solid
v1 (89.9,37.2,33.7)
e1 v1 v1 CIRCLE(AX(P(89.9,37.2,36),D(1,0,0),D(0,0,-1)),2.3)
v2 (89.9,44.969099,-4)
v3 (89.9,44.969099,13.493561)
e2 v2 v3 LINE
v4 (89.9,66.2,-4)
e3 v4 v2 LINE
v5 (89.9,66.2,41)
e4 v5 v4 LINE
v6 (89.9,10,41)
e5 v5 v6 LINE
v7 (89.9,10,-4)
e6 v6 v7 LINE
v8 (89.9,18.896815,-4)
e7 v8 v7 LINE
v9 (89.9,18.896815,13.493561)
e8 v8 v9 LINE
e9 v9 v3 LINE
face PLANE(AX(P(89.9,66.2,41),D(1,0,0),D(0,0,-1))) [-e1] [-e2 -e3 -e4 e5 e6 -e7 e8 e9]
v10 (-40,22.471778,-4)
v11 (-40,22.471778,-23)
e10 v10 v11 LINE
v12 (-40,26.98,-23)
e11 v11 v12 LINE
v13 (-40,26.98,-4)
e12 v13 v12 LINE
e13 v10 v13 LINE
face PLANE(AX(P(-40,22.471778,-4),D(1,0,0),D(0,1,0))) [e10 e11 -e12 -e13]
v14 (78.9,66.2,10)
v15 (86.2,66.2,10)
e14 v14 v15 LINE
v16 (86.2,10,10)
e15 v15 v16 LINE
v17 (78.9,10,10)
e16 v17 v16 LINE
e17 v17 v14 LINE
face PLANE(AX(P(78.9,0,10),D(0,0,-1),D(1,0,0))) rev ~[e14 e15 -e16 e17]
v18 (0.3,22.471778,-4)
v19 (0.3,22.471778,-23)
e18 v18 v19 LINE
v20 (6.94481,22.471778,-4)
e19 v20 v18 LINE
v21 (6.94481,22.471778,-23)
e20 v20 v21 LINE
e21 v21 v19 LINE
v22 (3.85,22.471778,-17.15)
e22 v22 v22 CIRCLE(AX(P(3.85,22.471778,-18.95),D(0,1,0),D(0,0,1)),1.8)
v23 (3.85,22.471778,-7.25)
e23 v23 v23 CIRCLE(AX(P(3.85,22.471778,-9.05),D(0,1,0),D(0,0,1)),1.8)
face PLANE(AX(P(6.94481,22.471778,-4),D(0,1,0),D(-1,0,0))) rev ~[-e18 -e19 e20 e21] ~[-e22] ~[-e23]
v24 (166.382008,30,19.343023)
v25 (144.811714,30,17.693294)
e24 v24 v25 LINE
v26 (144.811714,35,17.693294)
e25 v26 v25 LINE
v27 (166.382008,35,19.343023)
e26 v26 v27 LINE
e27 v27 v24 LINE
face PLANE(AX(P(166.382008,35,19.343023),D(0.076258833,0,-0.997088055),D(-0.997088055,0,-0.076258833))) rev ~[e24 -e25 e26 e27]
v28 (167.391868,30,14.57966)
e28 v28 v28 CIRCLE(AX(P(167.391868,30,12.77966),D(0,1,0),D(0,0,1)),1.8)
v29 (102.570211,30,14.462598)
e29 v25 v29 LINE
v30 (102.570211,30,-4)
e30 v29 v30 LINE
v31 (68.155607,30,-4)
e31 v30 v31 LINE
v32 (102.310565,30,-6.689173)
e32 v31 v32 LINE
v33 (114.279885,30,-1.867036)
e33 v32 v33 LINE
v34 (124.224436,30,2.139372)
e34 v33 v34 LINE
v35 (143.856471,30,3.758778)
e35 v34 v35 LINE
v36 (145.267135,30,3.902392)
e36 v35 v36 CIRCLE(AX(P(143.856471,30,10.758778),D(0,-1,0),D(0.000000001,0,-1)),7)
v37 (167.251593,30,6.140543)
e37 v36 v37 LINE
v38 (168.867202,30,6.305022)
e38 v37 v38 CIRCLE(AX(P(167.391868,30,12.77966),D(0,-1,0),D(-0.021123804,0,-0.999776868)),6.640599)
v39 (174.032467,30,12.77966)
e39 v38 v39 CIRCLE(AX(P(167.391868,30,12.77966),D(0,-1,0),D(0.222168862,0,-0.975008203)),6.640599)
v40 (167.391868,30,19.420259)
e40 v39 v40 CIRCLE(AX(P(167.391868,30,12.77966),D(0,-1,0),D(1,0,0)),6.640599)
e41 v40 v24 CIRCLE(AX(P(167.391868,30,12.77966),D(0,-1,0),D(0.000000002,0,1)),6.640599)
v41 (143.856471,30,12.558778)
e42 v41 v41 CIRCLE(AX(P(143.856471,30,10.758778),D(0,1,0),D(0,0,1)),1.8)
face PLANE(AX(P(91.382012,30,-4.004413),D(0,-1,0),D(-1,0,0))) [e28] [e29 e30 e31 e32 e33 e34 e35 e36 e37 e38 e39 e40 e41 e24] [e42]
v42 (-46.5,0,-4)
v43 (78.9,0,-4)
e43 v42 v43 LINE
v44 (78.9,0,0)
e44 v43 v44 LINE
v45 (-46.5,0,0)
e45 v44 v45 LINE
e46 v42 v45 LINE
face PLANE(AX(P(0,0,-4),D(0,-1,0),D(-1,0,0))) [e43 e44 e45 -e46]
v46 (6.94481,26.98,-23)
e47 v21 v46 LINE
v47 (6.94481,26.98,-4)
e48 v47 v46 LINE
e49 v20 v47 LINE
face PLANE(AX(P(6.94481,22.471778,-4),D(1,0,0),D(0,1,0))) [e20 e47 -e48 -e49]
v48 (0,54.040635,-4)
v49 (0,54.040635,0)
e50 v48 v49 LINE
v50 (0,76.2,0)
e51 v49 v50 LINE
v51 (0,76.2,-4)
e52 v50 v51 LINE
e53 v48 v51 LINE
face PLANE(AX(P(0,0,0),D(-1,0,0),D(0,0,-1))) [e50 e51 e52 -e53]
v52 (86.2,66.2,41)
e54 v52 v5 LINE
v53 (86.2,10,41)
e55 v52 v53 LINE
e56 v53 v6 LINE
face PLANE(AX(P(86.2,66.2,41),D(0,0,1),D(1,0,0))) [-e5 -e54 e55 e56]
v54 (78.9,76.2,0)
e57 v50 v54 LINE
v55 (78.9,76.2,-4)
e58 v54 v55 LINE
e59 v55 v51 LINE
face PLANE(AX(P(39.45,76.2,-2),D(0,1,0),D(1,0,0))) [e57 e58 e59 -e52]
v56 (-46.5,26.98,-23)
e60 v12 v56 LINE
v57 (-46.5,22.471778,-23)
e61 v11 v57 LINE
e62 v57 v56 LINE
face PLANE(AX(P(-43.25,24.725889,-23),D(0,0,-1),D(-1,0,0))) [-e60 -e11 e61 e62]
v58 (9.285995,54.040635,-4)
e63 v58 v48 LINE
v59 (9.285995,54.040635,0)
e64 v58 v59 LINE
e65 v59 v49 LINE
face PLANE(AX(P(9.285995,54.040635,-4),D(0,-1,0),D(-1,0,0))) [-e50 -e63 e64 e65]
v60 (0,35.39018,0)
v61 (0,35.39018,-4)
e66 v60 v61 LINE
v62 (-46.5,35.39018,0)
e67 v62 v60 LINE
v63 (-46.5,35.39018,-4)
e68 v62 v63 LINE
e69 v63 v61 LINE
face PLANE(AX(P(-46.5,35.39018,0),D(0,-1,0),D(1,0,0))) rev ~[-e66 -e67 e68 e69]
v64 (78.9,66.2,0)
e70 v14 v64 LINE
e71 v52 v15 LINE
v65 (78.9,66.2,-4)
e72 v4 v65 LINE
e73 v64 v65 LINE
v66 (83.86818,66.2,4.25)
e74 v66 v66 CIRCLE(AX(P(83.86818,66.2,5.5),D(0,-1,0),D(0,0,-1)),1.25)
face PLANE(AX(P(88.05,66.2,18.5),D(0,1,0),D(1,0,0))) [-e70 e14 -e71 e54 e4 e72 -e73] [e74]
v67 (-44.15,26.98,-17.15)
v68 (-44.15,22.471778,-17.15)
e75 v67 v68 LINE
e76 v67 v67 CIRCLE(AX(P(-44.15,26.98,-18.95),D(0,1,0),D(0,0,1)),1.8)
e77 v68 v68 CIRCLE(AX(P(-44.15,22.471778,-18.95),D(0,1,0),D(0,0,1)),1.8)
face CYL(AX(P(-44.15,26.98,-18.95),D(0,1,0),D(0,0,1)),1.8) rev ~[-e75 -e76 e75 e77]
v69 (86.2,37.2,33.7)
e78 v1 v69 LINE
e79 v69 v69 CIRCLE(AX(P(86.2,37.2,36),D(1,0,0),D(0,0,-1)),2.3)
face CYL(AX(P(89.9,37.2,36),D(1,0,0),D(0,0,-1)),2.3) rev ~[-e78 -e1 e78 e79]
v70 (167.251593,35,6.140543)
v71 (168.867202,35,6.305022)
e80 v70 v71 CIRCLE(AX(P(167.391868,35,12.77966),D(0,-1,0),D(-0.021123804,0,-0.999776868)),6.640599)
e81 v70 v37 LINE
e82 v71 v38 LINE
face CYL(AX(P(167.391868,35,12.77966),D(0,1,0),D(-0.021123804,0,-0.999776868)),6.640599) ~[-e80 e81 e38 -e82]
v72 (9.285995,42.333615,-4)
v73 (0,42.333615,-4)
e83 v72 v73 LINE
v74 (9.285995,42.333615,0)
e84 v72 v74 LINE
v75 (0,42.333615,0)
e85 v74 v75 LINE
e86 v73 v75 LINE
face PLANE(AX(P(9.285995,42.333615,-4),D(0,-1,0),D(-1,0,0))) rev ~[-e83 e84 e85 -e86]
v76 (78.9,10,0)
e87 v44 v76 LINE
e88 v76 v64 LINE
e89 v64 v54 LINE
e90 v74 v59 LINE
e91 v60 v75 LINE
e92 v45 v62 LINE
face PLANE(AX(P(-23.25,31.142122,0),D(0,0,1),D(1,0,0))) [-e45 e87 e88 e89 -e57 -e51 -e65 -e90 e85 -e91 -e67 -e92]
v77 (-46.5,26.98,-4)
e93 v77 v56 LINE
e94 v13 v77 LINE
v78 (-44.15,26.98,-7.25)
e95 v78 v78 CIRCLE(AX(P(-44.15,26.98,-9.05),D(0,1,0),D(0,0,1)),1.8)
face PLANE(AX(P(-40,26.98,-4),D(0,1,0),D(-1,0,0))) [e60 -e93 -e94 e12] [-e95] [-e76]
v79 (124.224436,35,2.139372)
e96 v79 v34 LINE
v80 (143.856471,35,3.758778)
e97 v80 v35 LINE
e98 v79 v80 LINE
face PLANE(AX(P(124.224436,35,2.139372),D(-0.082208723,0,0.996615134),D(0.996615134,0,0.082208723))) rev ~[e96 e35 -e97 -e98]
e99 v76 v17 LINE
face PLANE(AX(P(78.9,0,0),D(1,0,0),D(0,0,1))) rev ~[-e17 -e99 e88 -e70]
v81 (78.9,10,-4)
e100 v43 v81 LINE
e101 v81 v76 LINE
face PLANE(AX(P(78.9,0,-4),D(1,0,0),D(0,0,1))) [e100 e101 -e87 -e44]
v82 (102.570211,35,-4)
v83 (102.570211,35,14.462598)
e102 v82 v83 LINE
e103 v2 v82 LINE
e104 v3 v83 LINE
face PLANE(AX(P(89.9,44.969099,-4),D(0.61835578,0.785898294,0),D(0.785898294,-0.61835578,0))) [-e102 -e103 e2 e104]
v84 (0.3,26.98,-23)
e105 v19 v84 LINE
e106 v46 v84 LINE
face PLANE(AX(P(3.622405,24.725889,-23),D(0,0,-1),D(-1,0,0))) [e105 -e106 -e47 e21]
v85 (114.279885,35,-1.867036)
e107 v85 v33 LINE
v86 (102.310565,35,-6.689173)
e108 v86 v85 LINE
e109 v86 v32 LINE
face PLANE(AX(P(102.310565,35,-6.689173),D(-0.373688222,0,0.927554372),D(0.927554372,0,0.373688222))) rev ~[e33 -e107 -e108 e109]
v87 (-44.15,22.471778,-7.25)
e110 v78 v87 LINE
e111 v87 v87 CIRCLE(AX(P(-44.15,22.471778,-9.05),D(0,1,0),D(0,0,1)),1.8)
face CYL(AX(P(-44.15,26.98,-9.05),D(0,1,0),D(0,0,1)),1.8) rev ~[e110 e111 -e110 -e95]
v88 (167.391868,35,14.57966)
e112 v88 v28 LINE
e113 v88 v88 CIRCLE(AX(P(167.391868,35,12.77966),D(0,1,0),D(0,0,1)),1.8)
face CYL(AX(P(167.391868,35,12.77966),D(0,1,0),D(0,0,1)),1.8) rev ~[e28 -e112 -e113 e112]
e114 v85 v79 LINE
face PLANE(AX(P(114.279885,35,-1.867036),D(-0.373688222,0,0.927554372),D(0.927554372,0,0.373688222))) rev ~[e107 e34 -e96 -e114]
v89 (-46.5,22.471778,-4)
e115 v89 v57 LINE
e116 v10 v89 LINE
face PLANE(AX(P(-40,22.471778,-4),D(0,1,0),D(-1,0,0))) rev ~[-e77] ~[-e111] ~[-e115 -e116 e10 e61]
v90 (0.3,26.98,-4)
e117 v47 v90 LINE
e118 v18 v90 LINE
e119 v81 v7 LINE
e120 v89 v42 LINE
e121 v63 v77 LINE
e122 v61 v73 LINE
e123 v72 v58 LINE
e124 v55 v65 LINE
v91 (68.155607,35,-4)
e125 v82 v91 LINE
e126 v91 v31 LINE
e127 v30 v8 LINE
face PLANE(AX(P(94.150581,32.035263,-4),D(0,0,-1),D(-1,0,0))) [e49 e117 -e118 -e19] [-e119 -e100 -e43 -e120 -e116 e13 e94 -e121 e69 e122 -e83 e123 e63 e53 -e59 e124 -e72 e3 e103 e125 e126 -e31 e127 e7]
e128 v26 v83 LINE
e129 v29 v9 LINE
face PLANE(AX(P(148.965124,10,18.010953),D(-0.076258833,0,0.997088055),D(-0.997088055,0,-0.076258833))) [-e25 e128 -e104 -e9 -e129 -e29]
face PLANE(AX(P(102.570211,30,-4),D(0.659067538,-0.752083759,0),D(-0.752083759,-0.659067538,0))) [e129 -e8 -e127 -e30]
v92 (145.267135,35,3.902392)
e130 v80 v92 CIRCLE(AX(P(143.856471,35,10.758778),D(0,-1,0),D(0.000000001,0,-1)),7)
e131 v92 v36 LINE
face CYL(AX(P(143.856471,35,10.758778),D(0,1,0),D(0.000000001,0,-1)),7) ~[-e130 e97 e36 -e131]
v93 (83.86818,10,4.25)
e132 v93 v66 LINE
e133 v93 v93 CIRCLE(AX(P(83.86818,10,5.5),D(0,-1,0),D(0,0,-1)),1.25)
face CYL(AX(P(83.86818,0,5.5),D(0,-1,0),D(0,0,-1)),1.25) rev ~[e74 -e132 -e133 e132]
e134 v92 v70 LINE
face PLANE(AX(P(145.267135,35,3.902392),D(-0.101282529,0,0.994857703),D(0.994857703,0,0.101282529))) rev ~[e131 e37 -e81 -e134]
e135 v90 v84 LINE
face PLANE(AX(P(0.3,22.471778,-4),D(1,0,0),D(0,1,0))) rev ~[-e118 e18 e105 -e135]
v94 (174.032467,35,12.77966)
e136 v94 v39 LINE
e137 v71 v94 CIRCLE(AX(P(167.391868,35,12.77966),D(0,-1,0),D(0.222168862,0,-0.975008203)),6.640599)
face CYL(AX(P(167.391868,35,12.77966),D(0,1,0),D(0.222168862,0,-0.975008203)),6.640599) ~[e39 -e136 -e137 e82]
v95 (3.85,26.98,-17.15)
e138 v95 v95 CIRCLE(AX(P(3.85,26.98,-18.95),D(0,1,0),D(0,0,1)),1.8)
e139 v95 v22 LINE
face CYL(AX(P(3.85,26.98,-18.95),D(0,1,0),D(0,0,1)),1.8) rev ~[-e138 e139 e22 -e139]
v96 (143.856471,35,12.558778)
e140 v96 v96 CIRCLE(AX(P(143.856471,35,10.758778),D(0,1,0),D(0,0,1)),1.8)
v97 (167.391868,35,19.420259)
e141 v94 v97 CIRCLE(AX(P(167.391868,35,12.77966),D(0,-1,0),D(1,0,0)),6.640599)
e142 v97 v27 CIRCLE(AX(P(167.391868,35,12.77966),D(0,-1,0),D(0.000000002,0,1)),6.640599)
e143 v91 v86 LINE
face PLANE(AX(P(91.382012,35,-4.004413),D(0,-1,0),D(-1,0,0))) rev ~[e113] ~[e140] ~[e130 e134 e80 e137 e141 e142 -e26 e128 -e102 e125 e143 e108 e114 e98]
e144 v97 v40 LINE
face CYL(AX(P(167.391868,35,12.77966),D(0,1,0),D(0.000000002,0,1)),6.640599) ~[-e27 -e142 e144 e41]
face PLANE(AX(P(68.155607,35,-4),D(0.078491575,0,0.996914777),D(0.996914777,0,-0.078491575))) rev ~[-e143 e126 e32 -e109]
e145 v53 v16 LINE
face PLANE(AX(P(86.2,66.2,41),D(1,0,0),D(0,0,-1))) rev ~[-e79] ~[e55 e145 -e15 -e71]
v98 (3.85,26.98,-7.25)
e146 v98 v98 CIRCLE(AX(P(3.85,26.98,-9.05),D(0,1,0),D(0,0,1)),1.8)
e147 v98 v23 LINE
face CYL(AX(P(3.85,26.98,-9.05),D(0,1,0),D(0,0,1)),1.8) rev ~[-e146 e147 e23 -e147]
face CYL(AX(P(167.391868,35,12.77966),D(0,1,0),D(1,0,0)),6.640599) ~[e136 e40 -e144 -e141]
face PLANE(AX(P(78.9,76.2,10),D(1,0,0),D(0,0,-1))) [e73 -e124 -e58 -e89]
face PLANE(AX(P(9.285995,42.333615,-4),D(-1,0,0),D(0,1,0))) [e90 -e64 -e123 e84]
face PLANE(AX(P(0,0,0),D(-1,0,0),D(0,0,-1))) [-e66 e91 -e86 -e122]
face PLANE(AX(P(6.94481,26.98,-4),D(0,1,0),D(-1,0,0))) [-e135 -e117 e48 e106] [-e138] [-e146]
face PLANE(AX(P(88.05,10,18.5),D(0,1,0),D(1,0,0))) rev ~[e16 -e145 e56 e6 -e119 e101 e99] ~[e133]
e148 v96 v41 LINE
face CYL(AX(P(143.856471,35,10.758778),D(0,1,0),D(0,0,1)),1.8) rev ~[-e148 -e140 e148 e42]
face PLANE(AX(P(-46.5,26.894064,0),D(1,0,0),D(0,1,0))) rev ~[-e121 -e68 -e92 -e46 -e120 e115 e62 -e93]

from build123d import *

# Parameters (mm, degrees)
SKETCH1_W                = 78.9
SKETCH1_H                = 4
BOSS_EXTRUDE1_DEPTH      = 76.2
SKETCH2_W                = 46.5
SKETCH2_H                = 26.89406393
BOSS_EXTRUDE2_DEPTH      = 4
SKETCH5_W                = 9.285994966
SKETCH5_H                = 11.707020407
CUT_EXTRUDE2_DEPTH       = 5
SKETCH6_R                = 1.25
CUT_EXTRUDE3_DEPTH       = 85
SKETCH7_W                = 10
SKETCH7_H                = 14
CUT_EXTRUDE4_DEPTH       = 10
SKETCH8_W                = 10
SKETCH8_H                = 14
CUT_EXTRUDE5_DEPTH       = 10
SKETCH9_W                = 3.7
SKETCH9_H                = 45
BOSS_EXTRUDE4_DEPTH      = 56.2
SKETCH10_W               = 46.5
SKETCH10_H               = 8.496116432
BOSS_EXTRUDE5_DEPTH      = 4
SKETCH11_W               = 6.644809846
SKETCH11_H               = 4.508222244
SKETCH11_W_2             = 6.5
BOSS_EXTRUDE6_DEPTH      = 19
SKETCH12_R               = 1.8
CUT_EXTRUDE6_DEPTH       = 19
SKETCH14_R               = 2.3
CUT_EXTRUDE7_DEPTH       = 10
BOSS_EXTRUDE7_DEPTH      = 5
SKETCH16_R               = 1.8
CUT_EXTRUDE8_DEPTH       = 10
BOSS_EXTRUDE8_DEPTH      = 21
BOSS_EXTRUDE9_DEPTH      = 5
CUT_EXTRUDE9_DEPTH       = 5
CUT_EXTRUDE10_DEPTH      = 25
CUT_EXTRUDE10_DEPTH_BACK = 25


with BuildPart() as part:
    # Sketch1 → Boss-Extrude1 (new body)
    with BuildSketch(Plane(origin=(0, 0, 0), x_dir=(1, 0, 0), z_dir=(0, 1, 0))):
        with Locations((39.45, 2)):
            Rectangle(SKETCH1_W, SKETCH1_H)
        Polygon((78.9, 4), (78.9, 0), (78.9, -10), (88.9, -10), (88.9, 4), align=None)
    extrude(amount=BOSS_EXTRUDE1_DEPTH)

    # Sketch2 → Boss-Extrude2 (add)
    with BuildSketch(Plane(origin=(0, 0, -4), x_dir=(-1, 0, 0), z_dir=(0, 0, -1))):
        with Locations((23.25, 13.447031965)):
            Rectangle(SKETCH2_W, SKETCH2_H)
    extrude(amount=-BOSS_EXTRUDE2_DEPTH)

    # Sketch5 → Cut-Extrude2 (cut)
    with BuildSketch(Plane(origin=(0, 0, -4), x_dir=(-1, 0, 0), z_dir=(0, 0, -1))):
        with Locations((-4.642997483, 48.187124879)):
            Rectangle(SKETCH5_W, SKETCH5_H)
    extrude(amount=-CUT_EXTRUDE2_DEPTH, mode=Mode.SUBTRACT)

    # Sketch6 → Cut-Extrude3 (cut)
    with BuildSketch(Plane(origin=(0, 0, 0), x_dir=(-1, 0, 0), z_dir=(0, -1, 0))):
        with Locations(Location((-83.868179675, -5.5, 0), (0, 0, 90))):
            Circle(SKETCH6_R)
    extrude(amount=-CUT_EXTRUDE3_DEPTH, mode=Mode.SUBTRACT)

    # Sketch7 → Cut-Extrude4 (cut)
    with BuildSketch(Plane.XZ):
        with Locations((83.9, 3)):
            Rectangle(SKETCH7_W, SKETCH7_H)
    extrude(amount=-CUT_EXTRUDE4_DEPTH, mode=Mode.SUBTRACT)

    # Sketch8 → Cut-Extrude5 (cut)
    with BuildSketch(Plane(origin=(0, 76.2, 0), x_dir=(1, 0, 0), z_dir=(0, 1, 0))):
        with Locations((83.9, -3)):
            Rectangle(SKETCH8_W, SKETCH8_H)
    extrude(amount=-CUT_EXTRUDE5_DEPTH, mode=Mode.SUBTRACT)

    # Sketch9 → Boss-Extrude4 (add)
    with BuildSketch(Plane(origin=(0, 66.2, 0), x_dir=(1, 0, 0), z_dir=(0, 1, 0))):
        with Locations((88.05, -18.5)):
            Rectangle(SKETCH9_W, SKETCH9_H)
    extrude(amount=-BOSS_EXTRUDE4_DEPTH)

    # Sketch10 → Boss-Extrude5 (add)
    with BuildSketch(Plane.XY):
        with Locations((-23.25, 31.142122146)):
            Rectangle(SKETCH10_W, SKETCH10_H)
    extrude(amount=-BOSS_EXTRUDE5_DEPTH)

    # Sketch11 → Boss-Extrude6 (add)
    with BuildSketch(Plane(origin=(0, 0, -4), x_dir=(-1, 0, 0), z_dir=(0, 0, -1))):
        with Locations((-3.622404923, 24.725888878)):
            Rectangle(SKETCH11_W, SKETCH11_H)
        with Locations((43.25, 24.725888878)):
            Rectangle(SKETCH11_W_2, SKETCH11_H)
    extrude(amount=BOSS_EXTRUDE6_DEPTH)

    # Sketch12 → Cut-Extrude6 (cut)
    with BuildSketch(Plane(origin=(0, 26.98, 0), x_dir=(1, 0, 0), z_dir=(0, 1, 0))):
        with Locations(Location((-44.15, 18.95, 0), (0, 0, 270))):
            Circle(SKETCH12_R)
        with Locations(Location((-44.15, 9.05, 0), (0, 0, 270))):
            Circle(SKETCH12_R)
        with Locations(Location((3.85, 18.95, 0), (0, 0, 270))):
            Circle(SKETCH12_R)
        with Locations(Location((3.85, 9.05, 0), (0, 0, 270))):
            Circle(SKETCH12_R)
    extrude(amount=-CUT_EXTRUDE6_DEPTH, mode=Mode.SUBTRACT)

    # Sketch14 → Cut-Extrude7 (cut)
    with BuildSketch(Plane(origin=(89.9, 0, 0), x_dir=(0, 0, -1), z_dir=(1, 0, 0))):
        with Locations((-36, 37.2)):
            Circle(SKETCH14_R)
    extrude(amount=-CUT_EXTRUDE7_DEPTH, mode=Mode.SUBTRACT)

    # Sketch15 → Boss-Extrude7 (add)
    with BuildSketch(Plane(origin=(0, 35, 0), x_dir=(-1, 0, 0), z_dir=(0, -1, 0))):
        with BuildLine():
            Line((-89.9, -16), (-89.9, 4))
            Line((-89.9, 4), (-167.391867849, -2.779659952))
            ThreePointArc((-167.391867849, -2.779659952), (-160.320800037, -5.70859214), (-157.391867849, -12.779659952))
            ThreePointArc((-157.391867849, -12.779659952), (-159.731423417, -19.207536049), (-165.655386072, -22.627737482))
            Line((-165.655386072, -22.627737482), (-89.9, -16))
        make_face()
        with BuildLine():
            ThreePointArc((-157.391867849, -12.779659952), (-160.320800037, -5.70859214), (-167.391867849, -2.779659952))
            Line((-167.391867849, -2.779659952), (-167.391867849, -22.779659952))
            Line((-167.391867849, -22.779659952), (-165.655386072, -22.627737482))
            ThreePointArc((-165.655386072, -22.627737482), (-159.731423417, -19.207536049), (-157.391867849, -12.779659952))
        make_face()
        with BuildLine():
            Line((-167.391867849, -22.779659952), (-167.391867849, -2.779659952))
            ThreePointArc((-167.391867849, -2.779659952), (-177.391867849, -12.779659952), (-167.391867849, -22.779659952))
        make_face()
    extrude(amount=BOSS_EXTRUDE7_DEPTH)

    # Sketch16 → Cut-Extrude8 (cut)
    with BuildSketch(Plane(origin=(0, 35, 0), x_dir=(1, 0, 0), z_dir=(0, 1, 0))):
        with Locations(Location((167.391867849, -12.779659952, 0), (0, 0, 270))):
            Circle(SKETCH16_R)
        with Locations(Location((143.856470685, -10.758777884, 0), (0, 0, 270))):
            Circle(SKETCH16_R)
    extrude(amount=-CUT_EXTRUDE8_DEPTH, mode=Mode.SUBTRACT)

    # Sketch17 → Boss-Extrude8 (add)
    with BuildSketch(Plane(origin=(0, 0, -4), x_dir=(-1, 0, 0), z_dir=(0, 0, -1))):
        Polygon((-89.9, 44.969099487), (-102.570211114, 35), (-102.570211114, 30), (-89.9, 18.896815366), align=None)
    extrude(amount=-BOSS_EXTRUDE8_DEPTH)

    # Sketch18 → Boss-Extrude9 (add)
    with BuildSketch(Plane(origin=(0, 35, 0), x_dir=(1, 0, 0), z_dir=(0, 1, 0))):
        Polygon((68.155607363, 4), (102.310564972, 6.689173102), (114.279885061, 1.867036439), align=None)
    extrude(amount=-BOSS_EXTRUDE9_DEPTH)

    # Sketch19 → Cut-Extrude9 (cut)
    with BuildSketch(Plane(origin=(0, 35, 0), x_dir=(1, 0, 0), z_dir=(0, 1, 0))):
        with BuildLine():
            Line((167.391867849, -2.779659952), (114.279885061, 1.867036439))
            Line((114.279885061, 1.867036439), (124.22443606, -2.139371913))
            Line((124.22443606, -2.139371913), (143.856470685, -3.758777884))
            ThreePointArc((143.856470685, -3.758777884), (144.565448389, -3.794773963), (145.267134545, -3.902391994))
            Line((145.267134545, -3.902391994), (167.251593152, -6.140542801))
            ThreePointArc((167.251593152, -6.140542801), (168.064444499, -6.173208999), (168.867202147, -6.305021565))
            ThreePointArc((168.867202147, -6.305021565), (172.582949472, -8.638376923), (174.032466733, -12.779659952))
            ThreePointArc((174.032466733, -12.779659952), (172.087480351, -17.475272454), (167.391867849, -19.420258836))
            ThreePointArc((167.391867849, -19.420258836), (166.885463525, -19.400921781), (166.382008444, -19.343023231))
            Line((166.382008444, -19.343023231), (144.811713642, -17.693293793))
            ThreePointArc((144.811713642, -17.693293793), (143.757690083, -17.758080878), (142.705914615, -17.66357482))
            Line((142.705914615, -17.66357482), (102.41543269, -17.09495848))
            Line((102.41543269, -17.09495848), (167.391867849, -22.779659952))
            ThreePointArc((167.391867849, -22.779659952), (177.391867849, -12.779659952), (167.391867849, -2.779659952))
        make_face()
    extrude(amount=-CUT_EXTRUDE9_DEPTH, mode=Mode.SUBTRACT)

    # Sketch21 → Cut-Extrude10 (cut, two sides: drawn at the far end of the back side and taken through both)
    with BuildSketch(Plane(origin=(0, 35, 0), x_dir=(1, 0, 0), z_dir=(0, 1, 0)).offset(-CUT_EXTRUDE10_DEPTH_BACK)):
        Polygon((148.965123629, -18.010952999), (89.9, -13.493561185), (89.9, -22.397972736), align=None)
    extrude(amount=CUT_EXTRUDE10_DEPTH + CUT_EXTRUDE10_DEPTH_BACK, mode=Mode.SUBTRACT)


solid = part.part
